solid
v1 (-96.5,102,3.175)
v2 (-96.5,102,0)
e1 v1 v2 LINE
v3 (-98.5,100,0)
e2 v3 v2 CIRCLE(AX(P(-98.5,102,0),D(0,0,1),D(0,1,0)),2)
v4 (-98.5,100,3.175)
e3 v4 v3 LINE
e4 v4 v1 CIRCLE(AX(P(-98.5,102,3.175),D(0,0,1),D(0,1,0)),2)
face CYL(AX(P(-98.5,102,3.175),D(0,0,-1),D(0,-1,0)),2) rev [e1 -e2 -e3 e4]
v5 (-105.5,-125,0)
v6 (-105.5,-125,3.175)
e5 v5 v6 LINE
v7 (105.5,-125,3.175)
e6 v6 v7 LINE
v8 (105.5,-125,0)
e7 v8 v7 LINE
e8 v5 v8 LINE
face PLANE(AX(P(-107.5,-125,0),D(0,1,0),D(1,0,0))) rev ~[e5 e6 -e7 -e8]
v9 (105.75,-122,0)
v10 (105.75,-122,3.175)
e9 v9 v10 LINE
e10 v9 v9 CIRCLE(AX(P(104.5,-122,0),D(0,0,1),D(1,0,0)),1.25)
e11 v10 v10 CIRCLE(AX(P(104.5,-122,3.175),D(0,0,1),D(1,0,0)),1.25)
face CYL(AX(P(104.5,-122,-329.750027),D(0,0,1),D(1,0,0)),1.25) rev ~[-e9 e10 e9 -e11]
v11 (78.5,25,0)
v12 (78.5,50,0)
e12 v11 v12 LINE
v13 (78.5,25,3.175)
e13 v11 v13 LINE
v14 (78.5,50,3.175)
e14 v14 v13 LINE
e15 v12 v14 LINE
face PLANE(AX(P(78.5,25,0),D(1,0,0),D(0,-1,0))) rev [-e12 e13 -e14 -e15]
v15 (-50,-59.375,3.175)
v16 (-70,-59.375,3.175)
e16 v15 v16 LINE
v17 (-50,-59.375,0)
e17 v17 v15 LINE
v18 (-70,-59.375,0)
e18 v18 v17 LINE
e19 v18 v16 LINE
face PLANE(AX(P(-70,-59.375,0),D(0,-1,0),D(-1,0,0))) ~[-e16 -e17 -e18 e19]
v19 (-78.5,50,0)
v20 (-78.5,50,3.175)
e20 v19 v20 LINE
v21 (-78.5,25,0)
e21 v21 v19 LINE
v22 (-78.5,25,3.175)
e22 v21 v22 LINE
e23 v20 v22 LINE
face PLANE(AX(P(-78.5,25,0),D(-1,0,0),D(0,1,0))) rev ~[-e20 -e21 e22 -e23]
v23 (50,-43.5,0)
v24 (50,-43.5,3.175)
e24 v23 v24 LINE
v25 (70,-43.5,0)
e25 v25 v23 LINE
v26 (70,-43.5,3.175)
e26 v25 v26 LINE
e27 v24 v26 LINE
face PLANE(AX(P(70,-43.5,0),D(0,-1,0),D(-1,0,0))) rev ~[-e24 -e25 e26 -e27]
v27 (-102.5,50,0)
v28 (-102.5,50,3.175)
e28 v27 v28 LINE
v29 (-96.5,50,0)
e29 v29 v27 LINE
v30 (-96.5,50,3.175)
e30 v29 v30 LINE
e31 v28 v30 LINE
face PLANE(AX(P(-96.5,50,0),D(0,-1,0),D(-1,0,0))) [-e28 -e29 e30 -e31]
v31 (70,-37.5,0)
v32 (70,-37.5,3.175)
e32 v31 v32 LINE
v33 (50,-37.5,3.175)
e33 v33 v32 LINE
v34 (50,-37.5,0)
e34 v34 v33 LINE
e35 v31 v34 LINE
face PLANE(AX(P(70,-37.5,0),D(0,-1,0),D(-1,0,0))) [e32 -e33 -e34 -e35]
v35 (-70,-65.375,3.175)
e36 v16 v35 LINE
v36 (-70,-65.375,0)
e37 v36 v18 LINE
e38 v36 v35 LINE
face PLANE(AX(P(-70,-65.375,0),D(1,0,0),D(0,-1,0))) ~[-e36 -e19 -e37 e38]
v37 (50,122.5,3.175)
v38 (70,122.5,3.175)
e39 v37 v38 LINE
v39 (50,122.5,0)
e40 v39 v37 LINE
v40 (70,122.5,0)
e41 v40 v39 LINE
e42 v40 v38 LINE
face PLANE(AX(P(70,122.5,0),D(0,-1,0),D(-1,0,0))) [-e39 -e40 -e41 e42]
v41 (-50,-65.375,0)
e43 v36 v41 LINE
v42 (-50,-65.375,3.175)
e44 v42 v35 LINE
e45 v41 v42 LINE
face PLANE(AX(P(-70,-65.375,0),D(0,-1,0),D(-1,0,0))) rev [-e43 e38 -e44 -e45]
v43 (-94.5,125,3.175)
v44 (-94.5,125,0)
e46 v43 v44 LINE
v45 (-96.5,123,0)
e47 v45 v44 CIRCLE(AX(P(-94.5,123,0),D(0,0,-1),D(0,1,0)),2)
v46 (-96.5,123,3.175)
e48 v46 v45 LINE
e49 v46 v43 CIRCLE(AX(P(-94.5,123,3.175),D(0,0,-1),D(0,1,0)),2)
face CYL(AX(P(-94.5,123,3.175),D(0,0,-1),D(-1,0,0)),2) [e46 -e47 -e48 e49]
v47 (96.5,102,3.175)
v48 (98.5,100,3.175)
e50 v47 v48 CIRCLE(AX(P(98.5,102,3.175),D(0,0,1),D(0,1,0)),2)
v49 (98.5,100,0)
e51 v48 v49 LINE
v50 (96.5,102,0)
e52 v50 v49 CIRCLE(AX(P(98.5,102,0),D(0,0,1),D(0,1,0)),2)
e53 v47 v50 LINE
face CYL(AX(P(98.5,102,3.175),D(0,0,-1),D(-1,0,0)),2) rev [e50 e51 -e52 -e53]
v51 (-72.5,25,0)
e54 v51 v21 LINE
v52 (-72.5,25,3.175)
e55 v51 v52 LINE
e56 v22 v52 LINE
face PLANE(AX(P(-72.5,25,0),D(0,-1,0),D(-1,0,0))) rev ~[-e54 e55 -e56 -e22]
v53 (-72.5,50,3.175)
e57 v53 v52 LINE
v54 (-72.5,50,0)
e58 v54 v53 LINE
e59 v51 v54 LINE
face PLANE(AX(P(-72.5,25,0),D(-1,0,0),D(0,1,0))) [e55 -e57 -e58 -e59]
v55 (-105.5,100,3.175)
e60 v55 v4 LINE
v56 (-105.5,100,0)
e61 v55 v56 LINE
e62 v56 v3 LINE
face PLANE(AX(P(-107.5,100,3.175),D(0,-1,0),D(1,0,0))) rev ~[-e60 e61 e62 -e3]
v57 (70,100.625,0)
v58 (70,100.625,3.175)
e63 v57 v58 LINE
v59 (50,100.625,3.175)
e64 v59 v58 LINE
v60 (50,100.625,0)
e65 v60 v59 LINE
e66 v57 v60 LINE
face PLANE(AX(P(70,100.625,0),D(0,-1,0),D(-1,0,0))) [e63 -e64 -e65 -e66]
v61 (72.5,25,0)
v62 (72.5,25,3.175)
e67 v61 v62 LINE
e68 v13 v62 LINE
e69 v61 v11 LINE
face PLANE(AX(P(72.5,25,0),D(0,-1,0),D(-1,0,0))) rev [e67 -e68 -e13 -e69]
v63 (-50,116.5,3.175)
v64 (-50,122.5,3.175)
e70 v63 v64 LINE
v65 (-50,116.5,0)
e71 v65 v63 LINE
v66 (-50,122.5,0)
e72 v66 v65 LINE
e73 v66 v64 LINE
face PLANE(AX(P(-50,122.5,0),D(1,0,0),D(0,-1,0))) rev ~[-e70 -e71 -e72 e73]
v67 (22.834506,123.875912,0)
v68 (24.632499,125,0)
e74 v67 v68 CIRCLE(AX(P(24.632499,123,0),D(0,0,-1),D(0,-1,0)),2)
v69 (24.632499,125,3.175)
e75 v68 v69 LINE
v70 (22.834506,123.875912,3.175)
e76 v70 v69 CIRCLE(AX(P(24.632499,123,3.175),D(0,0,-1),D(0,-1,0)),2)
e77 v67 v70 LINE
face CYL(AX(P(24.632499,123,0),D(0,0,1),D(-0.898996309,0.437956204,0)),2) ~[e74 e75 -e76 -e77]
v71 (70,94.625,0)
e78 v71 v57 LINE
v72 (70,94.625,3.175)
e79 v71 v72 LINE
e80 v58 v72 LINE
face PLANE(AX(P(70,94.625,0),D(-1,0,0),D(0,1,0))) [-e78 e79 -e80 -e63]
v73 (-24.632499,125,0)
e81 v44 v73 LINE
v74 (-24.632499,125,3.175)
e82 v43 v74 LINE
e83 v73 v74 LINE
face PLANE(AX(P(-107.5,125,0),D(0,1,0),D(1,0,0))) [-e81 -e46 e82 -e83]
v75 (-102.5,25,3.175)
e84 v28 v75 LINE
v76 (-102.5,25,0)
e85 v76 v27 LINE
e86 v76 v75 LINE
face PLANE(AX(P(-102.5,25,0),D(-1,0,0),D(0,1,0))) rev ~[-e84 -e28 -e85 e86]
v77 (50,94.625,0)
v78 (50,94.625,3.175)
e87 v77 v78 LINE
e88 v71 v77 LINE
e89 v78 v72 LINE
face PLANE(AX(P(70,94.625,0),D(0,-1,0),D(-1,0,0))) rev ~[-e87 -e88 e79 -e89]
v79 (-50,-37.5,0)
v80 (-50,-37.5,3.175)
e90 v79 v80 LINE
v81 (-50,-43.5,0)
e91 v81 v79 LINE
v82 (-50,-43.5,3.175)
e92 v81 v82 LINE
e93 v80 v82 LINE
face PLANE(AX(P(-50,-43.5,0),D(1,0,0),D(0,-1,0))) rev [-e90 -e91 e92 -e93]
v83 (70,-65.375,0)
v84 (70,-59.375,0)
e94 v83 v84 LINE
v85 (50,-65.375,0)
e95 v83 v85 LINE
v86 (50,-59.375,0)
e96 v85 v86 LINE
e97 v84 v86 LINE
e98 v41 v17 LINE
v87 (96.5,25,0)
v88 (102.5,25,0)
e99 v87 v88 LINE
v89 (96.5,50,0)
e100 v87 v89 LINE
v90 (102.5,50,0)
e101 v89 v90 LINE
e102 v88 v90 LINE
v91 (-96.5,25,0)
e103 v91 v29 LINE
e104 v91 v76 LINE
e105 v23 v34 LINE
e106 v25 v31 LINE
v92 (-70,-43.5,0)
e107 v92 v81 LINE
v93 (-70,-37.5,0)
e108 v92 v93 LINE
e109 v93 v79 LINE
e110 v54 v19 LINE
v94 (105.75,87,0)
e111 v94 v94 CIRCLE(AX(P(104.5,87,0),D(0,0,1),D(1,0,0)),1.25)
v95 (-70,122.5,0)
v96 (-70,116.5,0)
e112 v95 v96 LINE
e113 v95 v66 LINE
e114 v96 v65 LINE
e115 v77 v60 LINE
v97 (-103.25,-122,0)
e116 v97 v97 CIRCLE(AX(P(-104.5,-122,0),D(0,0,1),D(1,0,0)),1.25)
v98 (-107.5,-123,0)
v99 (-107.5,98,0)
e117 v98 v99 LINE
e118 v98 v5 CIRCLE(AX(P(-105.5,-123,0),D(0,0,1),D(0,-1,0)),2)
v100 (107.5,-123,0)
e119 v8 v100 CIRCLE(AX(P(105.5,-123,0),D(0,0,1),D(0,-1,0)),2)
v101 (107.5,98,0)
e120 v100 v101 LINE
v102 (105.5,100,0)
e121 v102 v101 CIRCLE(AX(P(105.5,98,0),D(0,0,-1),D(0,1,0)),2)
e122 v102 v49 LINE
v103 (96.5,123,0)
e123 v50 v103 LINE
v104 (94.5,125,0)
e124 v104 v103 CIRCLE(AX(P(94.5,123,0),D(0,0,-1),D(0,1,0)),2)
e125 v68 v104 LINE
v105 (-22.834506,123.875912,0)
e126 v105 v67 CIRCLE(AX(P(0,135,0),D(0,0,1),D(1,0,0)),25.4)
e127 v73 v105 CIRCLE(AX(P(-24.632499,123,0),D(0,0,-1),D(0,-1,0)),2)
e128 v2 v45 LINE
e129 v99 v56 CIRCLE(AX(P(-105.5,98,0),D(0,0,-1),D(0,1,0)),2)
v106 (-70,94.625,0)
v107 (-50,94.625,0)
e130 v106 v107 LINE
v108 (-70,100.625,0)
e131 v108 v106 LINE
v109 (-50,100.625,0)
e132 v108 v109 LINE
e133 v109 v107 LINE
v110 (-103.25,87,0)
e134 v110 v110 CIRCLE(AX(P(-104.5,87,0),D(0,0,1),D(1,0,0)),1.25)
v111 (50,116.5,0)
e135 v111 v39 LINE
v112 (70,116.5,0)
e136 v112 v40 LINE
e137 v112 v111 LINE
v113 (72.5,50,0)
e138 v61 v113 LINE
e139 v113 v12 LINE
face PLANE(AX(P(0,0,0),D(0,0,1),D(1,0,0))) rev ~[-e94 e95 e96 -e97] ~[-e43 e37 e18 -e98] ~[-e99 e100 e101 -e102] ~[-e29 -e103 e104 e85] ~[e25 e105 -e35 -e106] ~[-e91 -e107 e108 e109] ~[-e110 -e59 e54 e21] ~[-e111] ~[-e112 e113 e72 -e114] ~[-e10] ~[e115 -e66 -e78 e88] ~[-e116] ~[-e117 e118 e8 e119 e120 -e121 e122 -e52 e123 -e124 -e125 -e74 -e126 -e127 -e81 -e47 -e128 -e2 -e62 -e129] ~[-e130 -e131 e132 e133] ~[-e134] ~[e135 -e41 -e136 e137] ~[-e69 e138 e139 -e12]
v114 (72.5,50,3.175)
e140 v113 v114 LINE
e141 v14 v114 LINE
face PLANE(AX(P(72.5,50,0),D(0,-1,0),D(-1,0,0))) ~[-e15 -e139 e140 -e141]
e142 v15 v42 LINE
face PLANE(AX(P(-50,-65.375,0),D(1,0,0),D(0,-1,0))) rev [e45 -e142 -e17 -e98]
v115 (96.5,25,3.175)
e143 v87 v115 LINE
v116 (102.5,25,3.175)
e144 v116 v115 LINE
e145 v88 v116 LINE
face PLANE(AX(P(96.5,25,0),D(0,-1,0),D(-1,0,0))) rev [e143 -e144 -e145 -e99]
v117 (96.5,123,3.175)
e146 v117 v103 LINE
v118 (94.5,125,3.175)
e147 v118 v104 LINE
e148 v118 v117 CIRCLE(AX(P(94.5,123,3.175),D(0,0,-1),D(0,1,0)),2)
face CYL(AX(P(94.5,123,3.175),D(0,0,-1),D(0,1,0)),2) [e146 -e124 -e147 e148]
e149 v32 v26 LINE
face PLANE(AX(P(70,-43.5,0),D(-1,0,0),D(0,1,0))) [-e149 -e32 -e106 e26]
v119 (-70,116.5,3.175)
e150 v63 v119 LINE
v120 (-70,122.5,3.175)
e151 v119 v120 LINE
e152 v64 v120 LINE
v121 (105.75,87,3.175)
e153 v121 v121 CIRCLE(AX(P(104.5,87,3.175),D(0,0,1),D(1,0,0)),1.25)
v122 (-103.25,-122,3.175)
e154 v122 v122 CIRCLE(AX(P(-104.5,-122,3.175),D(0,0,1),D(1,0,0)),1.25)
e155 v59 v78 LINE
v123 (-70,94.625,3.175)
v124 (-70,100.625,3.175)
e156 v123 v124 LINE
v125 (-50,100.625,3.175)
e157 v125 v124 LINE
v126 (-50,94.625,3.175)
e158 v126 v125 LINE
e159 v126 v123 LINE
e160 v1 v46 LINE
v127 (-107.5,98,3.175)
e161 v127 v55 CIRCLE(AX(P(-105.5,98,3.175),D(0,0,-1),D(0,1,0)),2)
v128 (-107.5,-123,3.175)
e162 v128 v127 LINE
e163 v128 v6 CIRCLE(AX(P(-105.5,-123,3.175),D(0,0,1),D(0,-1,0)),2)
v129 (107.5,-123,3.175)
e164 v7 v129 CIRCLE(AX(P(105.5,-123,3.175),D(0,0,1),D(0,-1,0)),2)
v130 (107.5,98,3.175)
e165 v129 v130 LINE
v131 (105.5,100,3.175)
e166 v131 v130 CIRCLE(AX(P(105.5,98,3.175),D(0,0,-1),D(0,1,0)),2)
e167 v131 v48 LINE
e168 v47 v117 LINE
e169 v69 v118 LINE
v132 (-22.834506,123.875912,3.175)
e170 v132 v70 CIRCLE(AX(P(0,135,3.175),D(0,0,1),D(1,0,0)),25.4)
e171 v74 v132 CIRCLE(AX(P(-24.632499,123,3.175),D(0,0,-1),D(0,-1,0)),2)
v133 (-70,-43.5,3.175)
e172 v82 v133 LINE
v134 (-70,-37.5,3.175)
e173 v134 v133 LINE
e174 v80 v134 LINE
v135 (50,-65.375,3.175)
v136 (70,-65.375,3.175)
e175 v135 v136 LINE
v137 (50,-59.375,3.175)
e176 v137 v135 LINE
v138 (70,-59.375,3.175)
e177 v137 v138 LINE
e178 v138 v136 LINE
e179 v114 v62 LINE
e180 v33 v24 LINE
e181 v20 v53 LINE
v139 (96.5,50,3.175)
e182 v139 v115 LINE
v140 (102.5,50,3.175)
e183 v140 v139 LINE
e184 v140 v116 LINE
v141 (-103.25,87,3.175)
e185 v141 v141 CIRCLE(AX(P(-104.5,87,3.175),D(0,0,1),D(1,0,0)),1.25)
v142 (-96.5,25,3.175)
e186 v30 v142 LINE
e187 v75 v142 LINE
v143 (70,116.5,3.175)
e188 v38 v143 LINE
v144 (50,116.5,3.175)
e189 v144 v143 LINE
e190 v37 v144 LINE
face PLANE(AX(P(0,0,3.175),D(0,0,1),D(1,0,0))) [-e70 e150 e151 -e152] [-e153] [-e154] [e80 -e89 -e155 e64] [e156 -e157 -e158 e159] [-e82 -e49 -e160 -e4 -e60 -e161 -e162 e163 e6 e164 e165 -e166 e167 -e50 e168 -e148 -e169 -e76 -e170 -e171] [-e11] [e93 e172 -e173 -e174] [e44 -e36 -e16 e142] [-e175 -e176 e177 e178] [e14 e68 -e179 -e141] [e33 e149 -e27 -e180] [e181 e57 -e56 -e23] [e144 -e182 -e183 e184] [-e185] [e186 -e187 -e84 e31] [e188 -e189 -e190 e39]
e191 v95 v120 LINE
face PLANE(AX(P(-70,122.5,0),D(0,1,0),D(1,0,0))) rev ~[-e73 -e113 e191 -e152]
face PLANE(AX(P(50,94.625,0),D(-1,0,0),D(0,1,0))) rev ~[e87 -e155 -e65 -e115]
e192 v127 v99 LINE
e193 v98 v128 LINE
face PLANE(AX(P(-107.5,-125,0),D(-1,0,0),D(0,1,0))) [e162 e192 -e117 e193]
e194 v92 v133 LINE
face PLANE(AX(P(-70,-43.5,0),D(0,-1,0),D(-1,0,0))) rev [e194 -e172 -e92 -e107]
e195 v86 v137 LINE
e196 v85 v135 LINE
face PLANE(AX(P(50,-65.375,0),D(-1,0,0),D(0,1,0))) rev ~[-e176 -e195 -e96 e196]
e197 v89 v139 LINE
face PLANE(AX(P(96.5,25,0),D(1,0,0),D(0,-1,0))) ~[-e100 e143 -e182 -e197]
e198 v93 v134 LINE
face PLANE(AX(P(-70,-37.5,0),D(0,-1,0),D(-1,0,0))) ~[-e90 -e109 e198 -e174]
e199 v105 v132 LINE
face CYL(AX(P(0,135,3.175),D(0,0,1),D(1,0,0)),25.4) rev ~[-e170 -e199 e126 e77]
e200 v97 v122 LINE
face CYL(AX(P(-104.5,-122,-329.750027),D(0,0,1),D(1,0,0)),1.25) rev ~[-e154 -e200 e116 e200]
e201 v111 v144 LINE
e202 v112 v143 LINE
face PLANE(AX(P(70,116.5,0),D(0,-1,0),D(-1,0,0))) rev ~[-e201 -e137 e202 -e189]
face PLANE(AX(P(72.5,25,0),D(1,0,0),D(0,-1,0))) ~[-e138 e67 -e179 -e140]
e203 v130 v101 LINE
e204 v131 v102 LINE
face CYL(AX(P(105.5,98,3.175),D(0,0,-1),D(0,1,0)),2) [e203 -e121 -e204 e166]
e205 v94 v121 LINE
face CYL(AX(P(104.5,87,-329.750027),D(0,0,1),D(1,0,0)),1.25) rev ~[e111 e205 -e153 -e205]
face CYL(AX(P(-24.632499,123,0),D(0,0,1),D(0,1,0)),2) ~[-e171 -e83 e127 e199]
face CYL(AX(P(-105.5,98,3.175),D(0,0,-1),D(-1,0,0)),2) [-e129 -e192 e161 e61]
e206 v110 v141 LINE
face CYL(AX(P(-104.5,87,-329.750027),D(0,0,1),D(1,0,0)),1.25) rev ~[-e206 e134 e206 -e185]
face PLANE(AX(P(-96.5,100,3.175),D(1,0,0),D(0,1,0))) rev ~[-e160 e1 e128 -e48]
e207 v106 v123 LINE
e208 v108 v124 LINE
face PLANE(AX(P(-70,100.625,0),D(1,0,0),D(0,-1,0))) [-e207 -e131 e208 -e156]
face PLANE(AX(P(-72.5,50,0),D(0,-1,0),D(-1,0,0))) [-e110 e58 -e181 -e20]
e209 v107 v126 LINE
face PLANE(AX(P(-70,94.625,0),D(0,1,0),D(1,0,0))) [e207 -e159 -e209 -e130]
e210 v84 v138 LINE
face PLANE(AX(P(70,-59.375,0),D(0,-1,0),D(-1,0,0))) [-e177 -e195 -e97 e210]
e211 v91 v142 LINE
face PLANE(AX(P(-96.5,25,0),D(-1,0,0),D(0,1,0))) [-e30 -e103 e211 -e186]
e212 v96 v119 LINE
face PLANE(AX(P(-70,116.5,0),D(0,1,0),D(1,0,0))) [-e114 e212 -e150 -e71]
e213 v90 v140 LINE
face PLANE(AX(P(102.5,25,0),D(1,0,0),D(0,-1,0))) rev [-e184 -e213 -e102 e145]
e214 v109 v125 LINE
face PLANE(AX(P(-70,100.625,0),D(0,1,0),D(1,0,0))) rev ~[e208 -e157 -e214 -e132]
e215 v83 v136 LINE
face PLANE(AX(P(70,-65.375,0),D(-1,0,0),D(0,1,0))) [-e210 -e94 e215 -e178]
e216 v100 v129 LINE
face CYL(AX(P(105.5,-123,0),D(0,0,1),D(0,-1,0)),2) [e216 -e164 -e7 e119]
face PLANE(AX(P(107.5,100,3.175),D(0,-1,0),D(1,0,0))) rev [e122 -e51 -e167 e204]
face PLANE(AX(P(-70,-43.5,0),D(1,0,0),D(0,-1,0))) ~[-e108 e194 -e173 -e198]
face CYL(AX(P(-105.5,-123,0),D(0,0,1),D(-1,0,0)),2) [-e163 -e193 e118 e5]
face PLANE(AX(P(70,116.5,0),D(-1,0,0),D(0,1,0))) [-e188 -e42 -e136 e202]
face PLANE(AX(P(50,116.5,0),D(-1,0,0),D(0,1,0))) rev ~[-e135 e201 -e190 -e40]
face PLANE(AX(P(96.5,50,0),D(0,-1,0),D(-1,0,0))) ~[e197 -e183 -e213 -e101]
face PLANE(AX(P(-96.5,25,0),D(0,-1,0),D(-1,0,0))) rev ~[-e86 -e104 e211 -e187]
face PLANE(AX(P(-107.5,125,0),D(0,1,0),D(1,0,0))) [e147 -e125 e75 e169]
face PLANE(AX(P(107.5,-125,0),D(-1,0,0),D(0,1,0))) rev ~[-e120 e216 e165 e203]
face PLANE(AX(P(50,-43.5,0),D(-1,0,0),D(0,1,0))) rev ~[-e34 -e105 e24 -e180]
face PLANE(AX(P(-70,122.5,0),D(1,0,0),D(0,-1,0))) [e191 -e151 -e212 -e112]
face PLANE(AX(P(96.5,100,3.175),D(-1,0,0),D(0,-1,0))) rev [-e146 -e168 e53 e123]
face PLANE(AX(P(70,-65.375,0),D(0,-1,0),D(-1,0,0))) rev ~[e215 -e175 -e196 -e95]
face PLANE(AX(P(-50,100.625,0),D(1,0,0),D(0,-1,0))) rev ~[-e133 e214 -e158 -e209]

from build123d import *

# Parameters (mm, degrees)
SKETCH1_W                 = 215
SKETCH1_H                 = 250
BOSS_EXTRUDE1_DEPTH       = 3.175
SKETCH2_R                 = 25.4
CUT_EXTRUDE1_DEPTH        = 165.897940027
SKETCH3_W                 = 11
SKETCH3_H                 = 25
CUT_EXTRUDE2_DEPTH        = 165.897940027
FILLET1_R                 = 2
SKETCH4_W                 = 20
SKETCH4_H                 = 6
CUT_EXTRUDE3_DEPTH        = 165.897940027
LPATTERN1_COUNT           = 2
LPATTERN1_PITCH           = 160
LPATTERN1_COPY_1_SKETCH_W = 20
LPATTERN1_COPY_1_SKETCH_H = 6
LPATTERN1_COPY_1_DEPTH    = 165.897940027
M3X0_5_TAPPED_HOLE1_D     = 2.5
SKETCH9_W                 = 6
SKETCH9_H                 = 25
CUT_EXTRUDE4_DEPTH        = 165.897940027


with BuildPart() as part:
    # Sketch1 → Boss-Extrude1 (new body)
    with BuildSketch(Plane.XY):
        Rectangle(SKETCH1_W, SKETCH1_H)
    extrude(amount=BOSS_EXTRUDE1_DEPTH)

    # Sketch2 → Cut-Extrude1 (cut, through all)
    with BuildSketch(Plane.XY.offset(3.175)):
        with Locations((0, 135)):
            Circle(SKETCH2_R)
    extrude(amount=-CUT_EXTRUDE1_DEPTH, mode=Mode.SUBTRACT)

    # Sketch3 → Cut-Extrude2 (cut, through all)
    with BuildSketch(Plane.XY.offset(3.175)):
        with Locations((-102, 112.5)):
            Rectangle(SKETCH3_W, SKETCH3_H)
    cut_extrude2 = extrude(amount=-CUT_EXTRUDE2_DEPTH, mode=Mode.SUBTRACT)

    # Mirror1: Cut-Extrude2 across plane
    add(cut_extrude2.mirror(Plane(origin=(0, 0, 0), x_dir=(0, 0, 1), z_dir=(1, 0, 0))), mode=Mode.SUBTRACT)

    # Fillet1
    fillet1_edges = [part.edges().sort_by_distance(p)[0] for p in [
        (23.348661632, 125, 1.5875),
        (-23.348661632, 125, 1.5875),
        (-107.5, 100, 1.5875),
        (-96.5, 125, 1.5875),
        (-96.5, 100, 1.5875),
        (107.5, 100, 1.5875),
        (96.5, 100, 1.5875),
        (96.5, 125, 1.5875),
        (107.5, -125, 1.5875),
        (-107.5, -125, 1.5875),
    ]]
    fillet(fillet1_edges, radius=FILLET1_R)

    # Sketch4 → Cut-Extrude3 (cut, through all)
    with BuildSketch(Plane(origin=(0, 0, 0), x_dir=(-1, 0, 0), z_dir=(0, 0, -1))):
        with Locations((-60, -40.5)):
            Rectangle(SKETCH4_W, SKETCH4_H)
        with Locations((-60, -62.375)):
            Rectangle(SKETCH4_W, SKETCH4_H)
    cut_extrude3 = extrude(amount=-CUT_EXTRUDE3_DEPTH, mode=Mode.SUBTRACT)

    # Mirror2: Cut-Extrude3 across plane
    add(cut_extrude3.mirror(Plane(origin=(0, 0, 0), x_dir=(0, 0, 1), z_dir=(1, 0, 0))), mode=Mode.SUBTRACT)

    # LPattern1: Cut-Extrude3 ×2
    with Locations(*[(0, i * LPATTERN1_PITCH, 0) for i in range(1, LPATTERN1_COUNT)]):
        add(cut_extrude3, mode=Mode.SUBTRACT)

    # LPattern1 copy 1 sketch → LPattern1 copy 1 (cut, through all)
    with BuildSketch(Plane(origin=(0, 160, 0), x_dir=(1, 0, 0), z_dir=(0, 0, -1))):
        with Locations((-60, 40.5)):
            Rectangle(LPATTERN1_COPY_1_SKETCH_W, LPATTERN1_COPY_1_SKETCH_H)
        with Locations((-60, 62.375)):
            Rectangle(LPATTERN1_COPY_1_SKETCH_W, LPATTERN1_COPY_1_SKETCH_H)
    extrude(amount=-LPATTERN1_COPY_1_DEPTH, mode=Mode.SUBTRACT)

    # M3x0.5 Tapped Hole1 (through all)
    with Locations(Plane(origin=(0, 0, 0), x_dir=(-1, 0, 0), z_dir=(0, 0, -1))):
        with Locations((-104.5, 87), (104.5, 87), (104.5, -122), (-104.5, -122)):
            Hole(M3X0_5_TAPPED_HOLE1_D / 2)

    # Sketch9 → Cut-Extrude4 (cut, through all)
    with BuildSketch(Plane(origin=(0, 0, 0), x_dir=(-1, 0, 0), z_dir=(0, 0, -1))):
        with Locations((75.5, 37.5)):
            Rectangle(SKETCH9_W, SKETCH9_H)
        with Locations((99.5, 37.5)):
            Rectangle(SKETCH9_W, SKETCH9_H)
    cut_extrude4 = extrude(amount=-CUT_EXTRUDE4_DEPTH, mode=Mode.SUBTRACT)

    # Mirror3: Cut-Extrude4 across plane
    add(cut_extrude4.mirror(Plane(origin=(0, 0, 0), x_dir=(0, 0, 1), z_dir=(1, 0, 0))), mode=Mode.SUBTRACT)


solid = part.part
